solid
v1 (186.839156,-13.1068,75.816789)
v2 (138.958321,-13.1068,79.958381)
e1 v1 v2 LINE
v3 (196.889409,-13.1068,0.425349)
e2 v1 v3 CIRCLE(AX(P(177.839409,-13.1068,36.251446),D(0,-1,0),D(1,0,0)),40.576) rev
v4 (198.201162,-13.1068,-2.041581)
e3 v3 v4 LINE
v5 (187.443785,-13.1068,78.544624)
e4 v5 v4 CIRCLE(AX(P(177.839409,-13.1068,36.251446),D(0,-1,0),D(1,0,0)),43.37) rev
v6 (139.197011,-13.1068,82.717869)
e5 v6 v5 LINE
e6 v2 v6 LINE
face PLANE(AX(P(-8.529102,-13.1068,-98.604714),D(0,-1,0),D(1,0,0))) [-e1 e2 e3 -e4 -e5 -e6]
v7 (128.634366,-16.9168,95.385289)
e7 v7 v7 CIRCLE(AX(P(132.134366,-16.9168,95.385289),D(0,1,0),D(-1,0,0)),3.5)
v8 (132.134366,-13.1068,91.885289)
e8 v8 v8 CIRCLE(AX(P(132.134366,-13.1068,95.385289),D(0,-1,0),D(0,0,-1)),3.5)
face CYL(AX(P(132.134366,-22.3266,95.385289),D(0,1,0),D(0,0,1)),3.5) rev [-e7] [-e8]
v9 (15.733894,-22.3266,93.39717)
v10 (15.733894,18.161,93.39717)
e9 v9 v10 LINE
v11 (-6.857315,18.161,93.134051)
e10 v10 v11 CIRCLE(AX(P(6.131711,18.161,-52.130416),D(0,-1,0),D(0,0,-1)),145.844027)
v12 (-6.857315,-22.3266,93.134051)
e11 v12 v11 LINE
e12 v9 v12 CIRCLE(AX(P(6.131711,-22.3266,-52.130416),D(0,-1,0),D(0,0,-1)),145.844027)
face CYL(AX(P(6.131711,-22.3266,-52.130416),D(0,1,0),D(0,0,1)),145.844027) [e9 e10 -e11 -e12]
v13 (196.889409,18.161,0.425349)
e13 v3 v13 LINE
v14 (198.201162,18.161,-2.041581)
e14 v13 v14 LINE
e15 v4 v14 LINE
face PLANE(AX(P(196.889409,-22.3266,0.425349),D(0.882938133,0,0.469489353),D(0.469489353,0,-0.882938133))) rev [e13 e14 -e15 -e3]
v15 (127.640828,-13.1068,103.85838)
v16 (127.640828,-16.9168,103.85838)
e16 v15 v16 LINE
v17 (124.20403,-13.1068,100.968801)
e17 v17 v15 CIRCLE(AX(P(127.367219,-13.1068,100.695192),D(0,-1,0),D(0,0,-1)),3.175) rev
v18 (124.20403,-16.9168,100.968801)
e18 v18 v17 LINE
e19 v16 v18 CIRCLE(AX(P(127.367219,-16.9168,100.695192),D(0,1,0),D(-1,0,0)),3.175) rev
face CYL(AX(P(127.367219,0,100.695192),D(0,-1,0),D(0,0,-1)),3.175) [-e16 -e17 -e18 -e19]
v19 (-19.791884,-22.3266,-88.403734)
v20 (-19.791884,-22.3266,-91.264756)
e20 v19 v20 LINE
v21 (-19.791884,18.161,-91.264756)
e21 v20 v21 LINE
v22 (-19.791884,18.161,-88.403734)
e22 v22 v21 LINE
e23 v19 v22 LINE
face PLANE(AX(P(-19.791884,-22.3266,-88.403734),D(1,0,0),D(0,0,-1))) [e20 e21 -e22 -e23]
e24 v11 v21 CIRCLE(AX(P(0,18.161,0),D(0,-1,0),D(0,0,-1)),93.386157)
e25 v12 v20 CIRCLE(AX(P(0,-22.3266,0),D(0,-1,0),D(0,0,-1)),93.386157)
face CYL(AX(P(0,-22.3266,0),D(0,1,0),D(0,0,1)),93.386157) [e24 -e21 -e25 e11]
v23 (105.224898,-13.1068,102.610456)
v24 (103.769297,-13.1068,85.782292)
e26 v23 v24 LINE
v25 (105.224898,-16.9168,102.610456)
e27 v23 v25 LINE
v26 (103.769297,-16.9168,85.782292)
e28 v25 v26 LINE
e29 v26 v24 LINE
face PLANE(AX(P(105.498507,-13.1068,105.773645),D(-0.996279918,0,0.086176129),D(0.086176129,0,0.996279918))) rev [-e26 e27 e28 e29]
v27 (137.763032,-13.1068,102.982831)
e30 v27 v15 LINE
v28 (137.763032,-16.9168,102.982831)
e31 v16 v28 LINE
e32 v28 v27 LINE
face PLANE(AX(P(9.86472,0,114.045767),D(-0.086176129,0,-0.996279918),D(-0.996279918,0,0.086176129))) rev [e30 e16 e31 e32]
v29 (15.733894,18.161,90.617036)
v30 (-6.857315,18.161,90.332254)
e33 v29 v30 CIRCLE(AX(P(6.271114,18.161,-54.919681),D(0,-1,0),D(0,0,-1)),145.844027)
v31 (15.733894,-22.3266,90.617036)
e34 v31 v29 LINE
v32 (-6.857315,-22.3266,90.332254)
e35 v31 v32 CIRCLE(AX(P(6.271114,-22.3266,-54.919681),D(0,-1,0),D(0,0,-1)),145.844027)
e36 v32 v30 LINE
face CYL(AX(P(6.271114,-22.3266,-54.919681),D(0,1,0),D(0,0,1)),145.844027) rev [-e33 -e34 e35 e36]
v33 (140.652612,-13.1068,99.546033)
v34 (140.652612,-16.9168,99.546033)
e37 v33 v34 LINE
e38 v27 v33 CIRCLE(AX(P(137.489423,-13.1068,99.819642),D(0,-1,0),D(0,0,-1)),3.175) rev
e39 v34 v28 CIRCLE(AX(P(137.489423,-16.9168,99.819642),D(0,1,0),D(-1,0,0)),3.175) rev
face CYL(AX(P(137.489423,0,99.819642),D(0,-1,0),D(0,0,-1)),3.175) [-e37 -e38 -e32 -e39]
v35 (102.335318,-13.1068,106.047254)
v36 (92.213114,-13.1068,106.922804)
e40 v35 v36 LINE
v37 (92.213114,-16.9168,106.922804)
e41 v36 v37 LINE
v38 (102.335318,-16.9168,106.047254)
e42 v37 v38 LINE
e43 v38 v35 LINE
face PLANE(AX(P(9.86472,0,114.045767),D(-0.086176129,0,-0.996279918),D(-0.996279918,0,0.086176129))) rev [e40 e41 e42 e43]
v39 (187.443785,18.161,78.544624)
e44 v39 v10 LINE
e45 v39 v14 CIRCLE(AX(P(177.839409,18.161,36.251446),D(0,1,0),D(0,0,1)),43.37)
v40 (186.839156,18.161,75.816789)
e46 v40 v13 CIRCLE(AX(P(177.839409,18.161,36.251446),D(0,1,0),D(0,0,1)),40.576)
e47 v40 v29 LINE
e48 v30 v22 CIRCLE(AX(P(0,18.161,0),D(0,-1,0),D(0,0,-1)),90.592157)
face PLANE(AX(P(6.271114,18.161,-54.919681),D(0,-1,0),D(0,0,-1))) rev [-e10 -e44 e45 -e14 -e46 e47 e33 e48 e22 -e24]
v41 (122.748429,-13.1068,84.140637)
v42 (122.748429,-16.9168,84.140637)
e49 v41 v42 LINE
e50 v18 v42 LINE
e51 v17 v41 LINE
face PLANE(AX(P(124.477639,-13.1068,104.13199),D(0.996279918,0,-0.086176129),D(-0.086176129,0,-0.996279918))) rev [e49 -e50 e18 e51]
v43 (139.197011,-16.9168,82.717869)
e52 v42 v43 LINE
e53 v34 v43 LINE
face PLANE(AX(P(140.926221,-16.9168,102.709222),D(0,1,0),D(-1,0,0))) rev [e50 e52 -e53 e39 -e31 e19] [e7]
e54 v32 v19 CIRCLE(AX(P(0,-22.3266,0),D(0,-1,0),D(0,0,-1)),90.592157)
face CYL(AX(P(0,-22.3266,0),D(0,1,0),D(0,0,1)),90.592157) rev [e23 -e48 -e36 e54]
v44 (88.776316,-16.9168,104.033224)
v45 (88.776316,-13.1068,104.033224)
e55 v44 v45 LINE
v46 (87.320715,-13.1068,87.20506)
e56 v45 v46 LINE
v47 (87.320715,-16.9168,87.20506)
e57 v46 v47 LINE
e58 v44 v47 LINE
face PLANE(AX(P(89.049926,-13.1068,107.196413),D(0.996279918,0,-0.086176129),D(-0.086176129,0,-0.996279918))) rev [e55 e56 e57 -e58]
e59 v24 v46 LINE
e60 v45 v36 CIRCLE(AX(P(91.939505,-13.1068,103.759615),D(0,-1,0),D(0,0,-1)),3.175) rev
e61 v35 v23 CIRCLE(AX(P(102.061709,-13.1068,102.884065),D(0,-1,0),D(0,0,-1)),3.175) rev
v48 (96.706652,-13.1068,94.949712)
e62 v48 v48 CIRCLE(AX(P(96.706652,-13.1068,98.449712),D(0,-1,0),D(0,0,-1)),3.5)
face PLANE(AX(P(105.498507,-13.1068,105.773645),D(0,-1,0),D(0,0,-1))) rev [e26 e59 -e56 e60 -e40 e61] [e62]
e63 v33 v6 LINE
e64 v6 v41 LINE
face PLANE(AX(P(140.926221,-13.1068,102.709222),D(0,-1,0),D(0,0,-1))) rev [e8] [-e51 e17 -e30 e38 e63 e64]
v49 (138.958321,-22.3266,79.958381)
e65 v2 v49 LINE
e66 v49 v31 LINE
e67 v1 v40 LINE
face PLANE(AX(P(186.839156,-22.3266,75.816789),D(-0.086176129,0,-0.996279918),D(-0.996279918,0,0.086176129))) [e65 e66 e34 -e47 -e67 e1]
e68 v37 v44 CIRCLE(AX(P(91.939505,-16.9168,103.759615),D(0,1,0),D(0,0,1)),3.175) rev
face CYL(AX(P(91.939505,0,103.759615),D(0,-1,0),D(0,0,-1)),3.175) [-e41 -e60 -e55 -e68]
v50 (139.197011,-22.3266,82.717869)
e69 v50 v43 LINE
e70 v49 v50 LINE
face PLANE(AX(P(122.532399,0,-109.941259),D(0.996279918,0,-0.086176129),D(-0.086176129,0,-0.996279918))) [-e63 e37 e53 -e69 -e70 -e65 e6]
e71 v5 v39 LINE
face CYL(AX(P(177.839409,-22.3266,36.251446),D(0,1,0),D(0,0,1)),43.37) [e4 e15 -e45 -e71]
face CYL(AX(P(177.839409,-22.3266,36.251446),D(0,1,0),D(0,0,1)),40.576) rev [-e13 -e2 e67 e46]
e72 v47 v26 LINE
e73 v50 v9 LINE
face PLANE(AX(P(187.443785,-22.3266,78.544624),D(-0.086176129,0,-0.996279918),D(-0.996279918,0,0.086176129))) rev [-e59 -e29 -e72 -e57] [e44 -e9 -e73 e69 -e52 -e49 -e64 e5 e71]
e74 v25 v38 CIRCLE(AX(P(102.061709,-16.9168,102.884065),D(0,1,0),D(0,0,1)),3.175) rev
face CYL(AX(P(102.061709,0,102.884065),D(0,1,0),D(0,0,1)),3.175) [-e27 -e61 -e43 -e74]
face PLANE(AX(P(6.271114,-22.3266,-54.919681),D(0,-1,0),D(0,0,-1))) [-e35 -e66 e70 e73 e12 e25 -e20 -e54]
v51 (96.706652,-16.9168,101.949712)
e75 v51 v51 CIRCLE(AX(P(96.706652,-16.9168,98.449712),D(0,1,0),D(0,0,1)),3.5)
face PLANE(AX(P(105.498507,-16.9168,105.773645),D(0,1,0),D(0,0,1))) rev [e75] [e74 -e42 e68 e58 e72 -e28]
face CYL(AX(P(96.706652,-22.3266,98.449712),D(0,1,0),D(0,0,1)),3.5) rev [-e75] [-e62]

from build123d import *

# Parameters (mm, degrees)
BOSS_EXTRUDE1_DEPTH      = 18.161
BOSS_EXTRUDE1_DEPTH_BACK = 22.3266
SKETCH2_W                = 50.8
SKETCH2_H                = 9.2198
CUT_EXTRUDE1_DEPTH       = 284.270468487
SKETCH3_W                = 16.51
SKETCH3_H                = 3.81
BOSS_EXTRUDE2_DEPTH      = 20.066
FILLET1_R                = 3.175
SKETCH6_R                = 3.5
CUT_EXTRUDE2_DEPTH       = 247.712568685


with BuildPart() as part:
    # Sketch1 → Boss-Extrude1 (new, two sides: drawn at the far end of the back side and taken through both)
    with BuildSketch(Plane(origin=(0, 0, 0), x_dir=(1, 0, 0), z_dir=(0, 1, 0)).offset(-BOSS_EXTRUDE1_DEPTH_BACK)):
        with BuildLine():
            Line((196.889409017, -0.425348601), (198.20116227, 2.041580543))
            ThreePointArc((198.20116227, 2.041580543), (220.828085525, -41.989964588), (187.443785094, -78.544623763))
            Line((187.443785094, -78.544623763), (15.733893811, -93.397170278))
            ThreePointArc((15.733893811, -93.397170278), (4.433186875, -93.703720252), (-6.857314776, -93.134051394))
            ThreePointArc((-6.857314776, -93.134051394), (-93.157259302, -6.53447277), (-19.791883622, 91.264755726))
            Line((-19.791883622, 91.264755726), (-19.791883622, 88.403734249))
            ThreePointArc((-19.791883622, 88.403734249), (-90.355870432, -6.538773964), (-6.857314776, -90.332254043))
            ThreePointArc((-6.857314776, -90.332254043), (4.432766695, -90.912759675), (15.733893811, -90.617036256))
            Line((15.733893811, -90.617036256), (186.839155599, -75.816788928))
            ThreePointArc((186.839155599, -75.816788928), (218.059607792, -41.613105239), (196.889409017, -0.425348601))
        make_face()
    extrude(amount=BOSS_EXTRUDE1_DEPTH + BOSS_EXTRUDE1_DEPTH_BACK)

    # Sketch2 → Cut-Extrude1 (cut, through all)
    with BuildSketch(Plane(origin=(8.135510173, 0, 94.054414573), x_dir=(0.9962799178494617, 0, -0.08617612946674955), z_dir=(0.08617612946674955, 0, 0.9962799178494617))):
        Polygon((131.550880619, -13.1068), (131.550880619, -22.3266), (179.977807149, -22.3266), (179.977807149, -13.1068), (133.582880619, -13.1068), align=None)
        with Locations((205.377807149, -17.7167)):
            Rectangle(SKETCH2_W, SKETCH2_H)
    extrude(amount=-CUT_EXTRUDE1_DEPTH, mode=Mode.SUBTRACT)

    # Sketch3 → Boss-Extrude2 (add)
    with BuildSketch(Plane(origin=(8.135510173, 0, 94.054414573), x_dir=(0.9962799178494617, 0, -0.08617612946674955), z_dir=(0.08617612946674955, 0, 0.9962799178494617))):
        with Locations((123.295880619, -15.0118)):
            Rectangle(SKETCH3_W, SKETCH3_H)
        with Locations((87.735880619, -15.0118)):
            Rectangle(SKETCH3_W, SKETCH3_H)
    extrude(amount=BOSS_EXTRUDE2_DEPTH)

    # Fillet1
    fillet1_edges = [part.edges().sort_by_distance(p)[0] for p in [
        (140.926220923, -15.0118, 102.709221685),
        (124.47763948, -15.0118, 104.131989583),
        (105.498507044, -15.0118, 105.773644849),
        (89.049925601, -15.0118, 107.196412746),
    ]]
    fillet(fillet1_edges, radius=FILLET1_R)

    # Sketch6 → Cut-Extrude2 (cut, through all)
    with BuildSketch(Plane(origin=(0, 0, 0), x_dir=(1, 0, 0), z_dir=(0, 1, 0))):
        with Locations(Location((96.706652463, -98.449712297, 0), (0, 0, 270))):
            Circle(SKETCH6_R)
        with Locations(Location((132.134366342, -95.385289133, 0), (0, 0, 180))):
            Circle(SKETCH6_R)
    extrude(amount=-CUT_EXTRUDE2_DEPTH, mode=Mode.SUBTRACT)


solid = part.part
